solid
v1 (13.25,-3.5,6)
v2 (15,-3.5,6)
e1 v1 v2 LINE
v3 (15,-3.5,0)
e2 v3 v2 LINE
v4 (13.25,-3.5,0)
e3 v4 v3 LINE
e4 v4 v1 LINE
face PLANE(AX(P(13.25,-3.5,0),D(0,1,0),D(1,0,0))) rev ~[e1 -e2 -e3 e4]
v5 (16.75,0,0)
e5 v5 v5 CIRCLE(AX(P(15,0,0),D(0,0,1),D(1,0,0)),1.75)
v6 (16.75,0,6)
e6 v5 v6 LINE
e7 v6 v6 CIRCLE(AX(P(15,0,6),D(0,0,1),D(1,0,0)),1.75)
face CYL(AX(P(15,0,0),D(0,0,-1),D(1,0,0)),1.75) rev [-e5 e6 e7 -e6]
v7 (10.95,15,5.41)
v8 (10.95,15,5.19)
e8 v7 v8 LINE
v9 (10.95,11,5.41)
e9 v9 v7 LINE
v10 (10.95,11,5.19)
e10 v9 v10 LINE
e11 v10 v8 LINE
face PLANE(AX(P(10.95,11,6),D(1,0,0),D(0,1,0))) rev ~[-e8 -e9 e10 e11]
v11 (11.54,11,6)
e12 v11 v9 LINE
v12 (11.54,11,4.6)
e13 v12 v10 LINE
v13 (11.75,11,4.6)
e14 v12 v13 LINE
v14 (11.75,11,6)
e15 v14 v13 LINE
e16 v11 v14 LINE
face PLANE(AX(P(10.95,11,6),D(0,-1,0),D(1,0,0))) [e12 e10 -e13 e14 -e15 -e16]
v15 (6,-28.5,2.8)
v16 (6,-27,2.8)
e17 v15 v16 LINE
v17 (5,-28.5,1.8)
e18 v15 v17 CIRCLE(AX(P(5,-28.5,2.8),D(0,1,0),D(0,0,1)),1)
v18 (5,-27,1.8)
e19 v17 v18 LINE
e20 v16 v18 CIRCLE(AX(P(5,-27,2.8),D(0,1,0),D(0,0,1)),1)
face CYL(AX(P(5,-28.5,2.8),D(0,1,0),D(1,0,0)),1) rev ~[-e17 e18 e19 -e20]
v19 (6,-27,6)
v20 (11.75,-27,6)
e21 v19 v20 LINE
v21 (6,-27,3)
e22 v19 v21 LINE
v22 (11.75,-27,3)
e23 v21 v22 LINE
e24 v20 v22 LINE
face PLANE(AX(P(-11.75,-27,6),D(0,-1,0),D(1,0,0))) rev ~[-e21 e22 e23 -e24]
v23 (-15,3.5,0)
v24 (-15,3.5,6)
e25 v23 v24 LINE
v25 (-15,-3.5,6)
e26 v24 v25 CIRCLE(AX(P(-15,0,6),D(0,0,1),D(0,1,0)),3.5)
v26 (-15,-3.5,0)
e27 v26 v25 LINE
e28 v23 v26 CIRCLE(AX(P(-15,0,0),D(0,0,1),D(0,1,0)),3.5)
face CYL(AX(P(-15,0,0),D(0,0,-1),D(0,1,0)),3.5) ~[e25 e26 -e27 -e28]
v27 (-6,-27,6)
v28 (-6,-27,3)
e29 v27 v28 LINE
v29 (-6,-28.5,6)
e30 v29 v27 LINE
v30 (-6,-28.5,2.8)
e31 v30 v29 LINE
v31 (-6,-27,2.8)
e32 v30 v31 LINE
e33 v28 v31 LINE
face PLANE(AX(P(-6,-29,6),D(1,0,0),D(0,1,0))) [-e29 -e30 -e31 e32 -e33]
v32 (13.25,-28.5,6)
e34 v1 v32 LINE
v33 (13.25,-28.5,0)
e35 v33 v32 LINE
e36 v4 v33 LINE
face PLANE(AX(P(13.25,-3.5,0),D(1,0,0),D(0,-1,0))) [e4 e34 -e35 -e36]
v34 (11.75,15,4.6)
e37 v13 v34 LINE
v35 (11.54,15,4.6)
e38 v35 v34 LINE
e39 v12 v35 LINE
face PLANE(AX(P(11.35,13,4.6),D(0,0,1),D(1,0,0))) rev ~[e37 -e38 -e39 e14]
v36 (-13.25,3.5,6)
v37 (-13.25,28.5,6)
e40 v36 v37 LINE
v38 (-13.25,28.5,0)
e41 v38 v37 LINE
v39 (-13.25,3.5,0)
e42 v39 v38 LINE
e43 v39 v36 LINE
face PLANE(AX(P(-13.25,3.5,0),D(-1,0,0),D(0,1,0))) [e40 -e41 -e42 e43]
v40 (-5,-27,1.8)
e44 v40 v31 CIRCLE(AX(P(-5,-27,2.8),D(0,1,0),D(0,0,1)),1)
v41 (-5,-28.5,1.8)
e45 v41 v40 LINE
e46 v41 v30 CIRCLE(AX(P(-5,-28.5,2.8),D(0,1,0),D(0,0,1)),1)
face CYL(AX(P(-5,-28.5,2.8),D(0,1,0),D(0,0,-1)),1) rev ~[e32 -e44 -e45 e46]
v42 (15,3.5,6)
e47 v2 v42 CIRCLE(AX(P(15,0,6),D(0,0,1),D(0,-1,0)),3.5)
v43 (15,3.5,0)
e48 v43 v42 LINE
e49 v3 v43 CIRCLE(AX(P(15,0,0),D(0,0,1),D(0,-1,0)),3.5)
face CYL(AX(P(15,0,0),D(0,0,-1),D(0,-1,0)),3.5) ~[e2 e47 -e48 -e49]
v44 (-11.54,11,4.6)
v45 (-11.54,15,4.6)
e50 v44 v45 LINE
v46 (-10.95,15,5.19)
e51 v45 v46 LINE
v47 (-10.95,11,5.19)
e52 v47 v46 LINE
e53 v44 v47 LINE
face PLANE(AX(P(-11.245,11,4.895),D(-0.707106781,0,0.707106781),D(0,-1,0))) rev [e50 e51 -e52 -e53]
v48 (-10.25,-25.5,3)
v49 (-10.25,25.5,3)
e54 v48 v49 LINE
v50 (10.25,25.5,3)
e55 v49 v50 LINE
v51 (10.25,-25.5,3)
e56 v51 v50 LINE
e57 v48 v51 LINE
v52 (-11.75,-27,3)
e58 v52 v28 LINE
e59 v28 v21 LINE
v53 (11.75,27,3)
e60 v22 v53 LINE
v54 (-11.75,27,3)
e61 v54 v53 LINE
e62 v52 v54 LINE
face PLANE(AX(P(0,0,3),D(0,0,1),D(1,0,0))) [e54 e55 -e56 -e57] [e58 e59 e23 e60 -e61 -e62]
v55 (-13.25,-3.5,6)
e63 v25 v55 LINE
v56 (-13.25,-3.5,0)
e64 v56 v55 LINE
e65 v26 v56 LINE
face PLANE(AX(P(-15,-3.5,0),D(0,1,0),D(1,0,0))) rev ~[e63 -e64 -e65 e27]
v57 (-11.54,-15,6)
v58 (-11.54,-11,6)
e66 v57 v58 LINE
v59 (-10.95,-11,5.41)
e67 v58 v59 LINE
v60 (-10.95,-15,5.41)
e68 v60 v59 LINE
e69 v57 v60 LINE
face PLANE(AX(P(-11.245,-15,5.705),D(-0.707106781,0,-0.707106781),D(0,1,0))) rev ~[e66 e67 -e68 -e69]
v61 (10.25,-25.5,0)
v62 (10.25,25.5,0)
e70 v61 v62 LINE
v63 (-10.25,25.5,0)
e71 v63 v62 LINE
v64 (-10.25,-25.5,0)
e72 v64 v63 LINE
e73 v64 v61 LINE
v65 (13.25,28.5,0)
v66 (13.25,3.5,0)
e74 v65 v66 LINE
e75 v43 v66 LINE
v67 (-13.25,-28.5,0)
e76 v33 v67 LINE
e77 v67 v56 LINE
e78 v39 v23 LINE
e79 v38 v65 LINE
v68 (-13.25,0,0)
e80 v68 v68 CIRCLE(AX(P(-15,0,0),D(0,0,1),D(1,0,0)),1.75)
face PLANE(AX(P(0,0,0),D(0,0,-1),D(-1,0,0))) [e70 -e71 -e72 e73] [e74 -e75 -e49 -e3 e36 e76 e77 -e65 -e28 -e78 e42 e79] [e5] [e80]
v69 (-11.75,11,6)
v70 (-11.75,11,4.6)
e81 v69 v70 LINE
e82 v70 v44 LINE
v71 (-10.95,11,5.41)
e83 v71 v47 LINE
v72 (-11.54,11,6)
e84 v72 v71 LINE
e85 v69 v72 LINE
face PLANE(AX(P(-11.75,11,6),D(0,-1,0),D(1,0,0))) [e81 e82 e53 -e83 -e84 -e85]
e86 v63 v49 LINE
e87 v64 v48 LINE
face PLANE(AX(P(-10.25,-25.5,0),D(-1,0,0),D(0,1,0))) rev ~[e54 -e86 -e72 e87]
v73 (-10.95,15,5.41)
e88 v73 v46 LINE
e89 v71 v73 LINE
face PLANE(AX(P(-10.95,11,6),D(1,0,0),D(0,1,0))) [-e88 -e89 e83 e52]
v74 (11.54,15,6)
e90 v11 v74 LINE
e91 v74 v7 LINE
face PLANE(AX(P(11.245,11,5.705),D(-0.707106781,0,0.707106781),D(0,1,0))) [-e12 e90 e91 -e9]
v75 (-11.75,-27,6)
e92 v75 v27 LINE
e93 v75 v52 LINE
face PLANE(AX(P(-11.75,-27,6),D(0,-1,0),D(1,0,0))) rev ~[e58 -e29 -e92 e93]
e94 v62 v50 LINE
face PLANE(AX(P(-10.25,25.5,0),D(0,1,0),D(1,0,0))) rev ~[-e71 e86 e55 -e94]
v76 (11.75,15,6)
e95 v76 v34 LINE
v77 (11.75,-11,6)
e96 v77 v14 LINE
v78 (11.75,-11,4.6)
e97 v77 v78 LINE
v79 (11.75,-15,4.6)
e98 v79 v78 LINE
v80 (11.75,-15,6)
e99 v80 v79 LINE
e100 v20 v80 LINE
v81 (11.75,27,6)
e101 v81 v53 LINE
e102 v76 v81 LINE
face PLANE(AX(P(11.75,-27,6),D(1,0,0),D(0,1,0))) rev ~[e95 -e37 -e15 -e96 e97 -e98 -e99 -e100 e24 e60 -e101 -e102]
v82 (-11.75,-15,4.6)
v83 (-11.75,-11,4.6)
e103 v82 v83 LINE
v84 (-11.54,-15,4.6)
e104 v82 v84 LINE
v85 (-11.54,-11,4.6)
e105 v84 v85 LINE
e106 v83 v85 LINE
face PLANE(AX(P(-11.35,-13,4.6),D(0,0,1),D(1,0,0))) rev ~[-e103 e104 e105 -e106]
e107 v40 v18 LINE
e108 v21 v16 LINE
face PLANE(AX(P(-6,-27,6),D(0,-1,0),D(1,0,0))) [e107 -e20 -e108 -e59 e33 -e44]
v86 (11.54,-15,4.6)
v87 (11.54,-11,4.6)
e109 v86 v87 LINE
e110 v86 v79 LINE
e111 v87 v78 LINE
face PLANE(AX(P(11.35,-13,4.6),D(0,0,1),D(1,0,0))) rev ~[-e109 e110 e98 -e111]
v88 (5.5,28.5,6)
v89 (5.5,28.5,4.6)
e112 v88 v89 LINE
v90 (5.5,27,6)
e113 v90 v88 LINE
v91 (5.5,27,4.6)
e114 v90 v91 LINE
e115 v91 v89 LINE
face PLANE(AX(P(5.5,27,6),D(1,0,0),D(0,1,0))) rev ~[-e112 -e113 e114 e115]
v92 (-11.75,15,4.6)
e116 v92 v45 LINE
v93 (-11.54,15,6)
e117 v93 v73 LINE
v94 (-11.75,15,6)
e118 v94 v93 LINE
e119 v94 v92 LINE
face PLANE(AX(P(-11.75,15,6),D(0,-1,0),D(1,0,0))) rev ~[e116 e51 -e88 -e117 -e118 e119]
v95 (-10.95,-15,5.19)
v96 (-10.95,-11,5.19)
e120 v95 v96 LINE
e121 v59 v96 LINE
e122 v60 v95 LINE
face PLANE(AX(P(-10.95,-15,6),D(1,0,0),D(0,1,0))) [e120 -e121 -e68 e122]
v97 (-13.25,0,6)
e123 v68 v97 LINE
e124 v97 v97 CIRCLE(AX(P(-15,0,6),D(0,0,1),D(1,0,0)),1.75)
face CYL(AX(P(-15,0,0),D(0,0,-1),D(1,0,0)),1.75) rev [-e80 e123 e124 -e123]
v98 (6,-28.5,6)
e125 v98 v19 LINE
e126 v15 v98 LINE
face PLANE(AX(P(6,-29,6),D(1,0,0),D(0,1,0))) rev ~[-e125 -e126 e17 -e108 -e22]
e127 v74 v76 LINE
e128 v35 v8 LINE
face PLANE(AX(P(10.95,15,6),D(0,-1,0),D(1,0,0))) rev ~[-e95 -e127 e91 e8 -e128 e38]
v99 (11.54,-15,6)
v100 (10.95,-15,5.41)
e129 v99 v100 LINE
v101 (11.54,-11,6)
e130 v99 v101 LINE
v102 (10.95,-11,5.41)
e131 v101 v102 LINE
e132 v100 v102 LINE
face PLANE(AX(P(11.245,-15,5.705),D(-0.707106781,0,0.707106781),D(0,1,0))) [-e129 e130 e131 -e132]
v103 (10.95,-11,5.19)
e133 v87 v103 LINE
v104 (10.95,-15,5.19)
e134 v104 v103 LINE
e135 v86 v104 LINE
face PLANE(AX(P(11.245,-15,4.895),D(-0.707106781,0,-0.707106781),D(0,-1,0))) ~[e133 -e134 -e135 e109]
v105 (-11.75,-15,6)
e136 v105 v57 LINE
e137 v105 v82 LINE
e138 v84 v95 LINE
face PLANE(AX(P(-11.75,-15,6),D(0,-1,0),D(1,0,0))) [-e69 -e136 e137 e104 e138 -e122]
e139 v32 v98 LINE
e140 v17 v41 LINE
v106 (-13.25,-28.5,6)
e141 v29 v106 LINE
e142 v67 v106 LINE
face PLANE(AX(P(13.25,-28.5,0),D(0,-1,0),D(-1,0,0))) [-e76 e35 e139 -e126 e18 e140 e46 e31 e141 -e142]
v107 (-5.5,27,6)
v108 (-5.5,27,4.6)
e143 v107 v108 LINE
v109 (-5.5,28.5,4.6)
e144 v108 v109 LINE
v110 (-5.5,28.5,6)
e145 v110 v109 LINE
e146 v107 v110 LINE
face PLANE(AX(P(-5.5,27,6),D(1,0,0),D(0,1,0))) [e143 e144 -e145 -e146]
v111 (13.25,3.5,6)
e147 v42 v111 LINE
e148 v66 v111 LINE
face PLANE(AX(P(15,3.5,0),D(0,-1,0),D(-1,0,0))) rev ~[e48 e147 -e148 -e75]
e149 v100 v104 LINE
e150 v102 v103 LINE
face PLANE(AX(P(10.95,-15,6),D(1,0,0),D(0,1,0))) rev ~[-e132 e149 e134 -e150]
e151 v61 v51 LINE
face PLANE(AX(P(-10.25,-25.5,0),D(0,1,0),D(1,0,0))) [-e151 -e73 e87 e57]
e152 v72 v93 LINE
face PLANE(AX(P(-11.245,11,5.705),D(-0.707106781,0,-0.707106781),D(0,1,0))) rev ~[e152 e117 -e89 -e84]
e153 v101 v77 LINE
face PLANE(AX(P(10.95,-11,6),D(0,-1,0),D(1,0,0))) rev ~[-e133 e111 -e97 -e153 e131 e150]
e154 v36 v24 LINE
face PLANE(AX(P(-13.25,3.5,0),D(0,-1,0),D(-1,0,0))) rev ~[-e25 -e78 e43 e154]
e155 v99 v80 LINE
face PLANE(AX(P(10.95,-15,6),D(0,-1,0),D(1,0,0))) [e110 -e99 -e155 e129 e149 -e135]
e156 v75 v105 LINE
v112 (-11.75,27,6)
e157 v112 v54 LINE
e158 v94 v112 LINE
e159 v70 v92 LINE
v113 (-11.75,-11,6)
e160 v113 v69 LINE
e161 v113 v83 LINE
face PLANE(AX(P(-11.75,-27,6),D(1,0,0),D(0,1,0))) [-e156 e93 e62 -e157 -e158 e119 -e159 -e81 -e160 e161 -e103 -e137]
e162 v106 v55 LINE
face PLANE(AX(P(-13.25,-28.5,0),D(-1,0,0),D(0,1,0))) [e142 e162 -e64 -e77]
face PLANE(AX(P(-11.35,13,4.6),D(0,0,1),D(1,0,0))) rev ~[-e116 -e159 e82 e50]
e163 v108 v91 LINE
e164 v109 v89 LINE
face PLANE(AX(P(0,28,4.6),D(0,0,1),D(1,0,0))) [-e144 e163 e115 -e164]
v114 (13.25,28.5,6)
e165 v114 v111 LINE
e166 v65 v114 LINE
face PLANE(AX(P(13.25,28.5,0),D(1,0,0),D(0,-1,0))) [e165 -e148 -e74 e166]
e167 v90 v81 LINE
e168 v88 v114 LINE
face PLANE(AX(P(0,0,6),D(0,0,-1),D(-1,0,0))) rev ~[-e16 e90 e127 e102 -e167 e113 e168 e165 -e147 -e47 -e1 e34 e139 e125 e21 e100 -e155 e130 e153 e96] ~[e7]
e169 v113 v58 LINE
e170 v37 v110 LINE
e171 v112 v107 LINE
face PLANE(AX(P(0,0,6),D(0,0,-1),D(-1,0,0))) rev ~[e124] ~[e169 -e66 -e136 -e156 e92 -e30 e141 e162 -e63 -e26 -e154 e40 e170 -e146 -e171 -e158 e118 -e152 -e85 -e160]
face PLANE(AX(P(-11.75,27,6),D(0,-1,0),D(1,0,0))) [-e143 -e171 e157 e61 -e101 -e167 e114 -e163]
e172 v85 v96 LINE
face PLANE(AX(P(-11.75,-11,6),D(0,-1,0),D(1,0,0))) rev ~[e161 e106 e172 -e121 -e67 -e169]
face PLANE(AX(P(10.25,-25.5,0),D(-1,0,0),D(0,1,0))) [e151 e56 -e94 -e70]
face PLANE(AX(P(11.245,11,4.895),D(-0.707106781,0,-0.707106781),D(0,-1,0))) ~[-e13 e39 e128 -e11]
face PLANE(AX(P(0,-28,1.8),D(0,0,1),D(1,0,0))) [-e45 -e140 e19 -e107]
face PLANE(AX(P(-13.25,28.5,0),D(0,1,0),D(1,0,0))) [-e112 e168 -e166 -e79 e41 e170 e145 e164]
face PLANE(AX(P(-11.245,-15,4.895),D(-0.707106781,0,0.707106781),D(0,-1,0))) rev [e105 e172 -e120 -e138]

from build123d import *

# Parameters (mm, degrees)
SKETCH_R        = 1.75
SKETCH_W        = 20.5
SKETCH_H        = 51
PAD_DEPTH       = 6
SKETCH001_W     = 23.5
SKETCH001_H     = 54
POCKET_DEPTH    = 3
SKETCH002_W     = 0.8
SKETCH002_H     = 4
PAD001_DEPTH    = 1.4
CHAMFER_SIZE    = 0.59
SKETCH003_W     = 12
SKETCH003_H     = 2
POCKET001_DEPTH = 4.2
SKETCH004_W     = 11
SKETCH004_H     = 2
POCKET002_DEPTH = 1.4
FILLET_R        = 1


with BuildPart() as part:
    # Sketch → Pad (new body)
    with BuildSketch(Plane.XY):
        with BuildLine():
            Line((-13.25, 28.5), (13.25, 28.5))
            Line((13.25, 28.5), (13.25, 3.5))
            Line((15, 3.5), (13.25, 3.5))
            ThreePointArc((15, -3.5), (18.5, 0), (15, 3.5))
            Line((13.25, -3.5), (15, -3.5))
            Line((13.25, -3.5), (13.25, -28.5))
            Line((13.25, -28.5), (-13.25, -28.5))
            Line((-13.25, -28.5), (-13.25, -3.5))
            Line((-15, -3.5), (-13.25, -3.5))
            ThreePointArc((-15, 3.5), (-18.5, 0), (-15, -3.5))
            Line((-13.25, 3.5), (-15, 3.5))
            Line((-13.25, 3.5), (-13.25, 28.5))
        make_face()
        with Locations((-15, 0)):
            Circle(SKETCH_R, mode=Mode.SUBTRACT)
        with Locations((15, 0)):
            Circle(SKETCH_R, mode=Mode.SUBTRACT)
        Rectangle(SKETCH_W, SKETCH_H, mode=Mode.SUBTRACT)
    extrude(amount=PAD_DEPTH)

    # Sketch001 (on Face20 of Pad) → Pocket (cut)
    with BuildSketch(Plane.XY.offset(6)):
        Rectangle(SKETCH001_W, SKETCH001_H)
    extrude(amount=-POCKET_DEPTH, mode=Mode.SUBTRACT)

    # Sketch002 (on Face5 of Pocket) → Pad001 (join)
    with BuildSketch(Plane.XY.offset(6)):
        with Locations((-11.35, 13)):
            Rectangle(SKETCH002_W, SKETCH002_H)
        with Locations((-11.35, -13)):
            Rectangle(SKETCH002_W, SKETCH002_H)
        with Locations((11.35, -13)):
            Rectangle(SKETCH002_W, SKETCH002_H)
        with Locations((11.35, 13)):
            Rectangle(SKETCH002_W, SKETCH002_H)
    extrude(amount=-PAD001_DEPTH)

    # Chamfer
    chamfer_edges = [part.edges().sort_by_distance(p)[0] for p in [
        (-10.95, -13, 4.6),
        (-10.95, -13, 6),
        (-10.95, 13, 4.6),
        (-10.95, 13, 6),
        (10.95, 13, 6),
        (10.95, 13, 4.6),
        (10.95, -13, 6),
        (10.95, -13, 4.6),
    ]]
    chamfer(chamfer_edges, length=CHAMFER_SIZE)

    # Sketch003 (on Face4 of Chamfer) → Pocket001 (cut)
    with BuildSketch(Plane.XY.offset(6)):
        with Locations((0, -28)):
            Rectangle(SKETCH003_W, SKETCH003_H)
    extrude(amount=-POCKET001_DEPTH, mode=Mode.SUBTRACT)

    # Sketch004 (on Face4 of Pocket001) → Pocket002 (cut)
    with BuildSketch(Plane.XY.offset(6)):
        with Locations((0, 28)):
            Rectangle(SKETCH004_W, SKETCH004_H)
    extrude(amount=-POCKET002_DEPTH, mode=Mode.SUBTRACT)

    # Fillet
    fillet_edges = [part.edges().sort_by_distance(p)[0] for p in [
        (-6, -27.75, 1.8),
        (6, -27.75, 1.8),
    ]]
    fillet(fillet_edges, radius=FILLET_R)


solid = part.part
